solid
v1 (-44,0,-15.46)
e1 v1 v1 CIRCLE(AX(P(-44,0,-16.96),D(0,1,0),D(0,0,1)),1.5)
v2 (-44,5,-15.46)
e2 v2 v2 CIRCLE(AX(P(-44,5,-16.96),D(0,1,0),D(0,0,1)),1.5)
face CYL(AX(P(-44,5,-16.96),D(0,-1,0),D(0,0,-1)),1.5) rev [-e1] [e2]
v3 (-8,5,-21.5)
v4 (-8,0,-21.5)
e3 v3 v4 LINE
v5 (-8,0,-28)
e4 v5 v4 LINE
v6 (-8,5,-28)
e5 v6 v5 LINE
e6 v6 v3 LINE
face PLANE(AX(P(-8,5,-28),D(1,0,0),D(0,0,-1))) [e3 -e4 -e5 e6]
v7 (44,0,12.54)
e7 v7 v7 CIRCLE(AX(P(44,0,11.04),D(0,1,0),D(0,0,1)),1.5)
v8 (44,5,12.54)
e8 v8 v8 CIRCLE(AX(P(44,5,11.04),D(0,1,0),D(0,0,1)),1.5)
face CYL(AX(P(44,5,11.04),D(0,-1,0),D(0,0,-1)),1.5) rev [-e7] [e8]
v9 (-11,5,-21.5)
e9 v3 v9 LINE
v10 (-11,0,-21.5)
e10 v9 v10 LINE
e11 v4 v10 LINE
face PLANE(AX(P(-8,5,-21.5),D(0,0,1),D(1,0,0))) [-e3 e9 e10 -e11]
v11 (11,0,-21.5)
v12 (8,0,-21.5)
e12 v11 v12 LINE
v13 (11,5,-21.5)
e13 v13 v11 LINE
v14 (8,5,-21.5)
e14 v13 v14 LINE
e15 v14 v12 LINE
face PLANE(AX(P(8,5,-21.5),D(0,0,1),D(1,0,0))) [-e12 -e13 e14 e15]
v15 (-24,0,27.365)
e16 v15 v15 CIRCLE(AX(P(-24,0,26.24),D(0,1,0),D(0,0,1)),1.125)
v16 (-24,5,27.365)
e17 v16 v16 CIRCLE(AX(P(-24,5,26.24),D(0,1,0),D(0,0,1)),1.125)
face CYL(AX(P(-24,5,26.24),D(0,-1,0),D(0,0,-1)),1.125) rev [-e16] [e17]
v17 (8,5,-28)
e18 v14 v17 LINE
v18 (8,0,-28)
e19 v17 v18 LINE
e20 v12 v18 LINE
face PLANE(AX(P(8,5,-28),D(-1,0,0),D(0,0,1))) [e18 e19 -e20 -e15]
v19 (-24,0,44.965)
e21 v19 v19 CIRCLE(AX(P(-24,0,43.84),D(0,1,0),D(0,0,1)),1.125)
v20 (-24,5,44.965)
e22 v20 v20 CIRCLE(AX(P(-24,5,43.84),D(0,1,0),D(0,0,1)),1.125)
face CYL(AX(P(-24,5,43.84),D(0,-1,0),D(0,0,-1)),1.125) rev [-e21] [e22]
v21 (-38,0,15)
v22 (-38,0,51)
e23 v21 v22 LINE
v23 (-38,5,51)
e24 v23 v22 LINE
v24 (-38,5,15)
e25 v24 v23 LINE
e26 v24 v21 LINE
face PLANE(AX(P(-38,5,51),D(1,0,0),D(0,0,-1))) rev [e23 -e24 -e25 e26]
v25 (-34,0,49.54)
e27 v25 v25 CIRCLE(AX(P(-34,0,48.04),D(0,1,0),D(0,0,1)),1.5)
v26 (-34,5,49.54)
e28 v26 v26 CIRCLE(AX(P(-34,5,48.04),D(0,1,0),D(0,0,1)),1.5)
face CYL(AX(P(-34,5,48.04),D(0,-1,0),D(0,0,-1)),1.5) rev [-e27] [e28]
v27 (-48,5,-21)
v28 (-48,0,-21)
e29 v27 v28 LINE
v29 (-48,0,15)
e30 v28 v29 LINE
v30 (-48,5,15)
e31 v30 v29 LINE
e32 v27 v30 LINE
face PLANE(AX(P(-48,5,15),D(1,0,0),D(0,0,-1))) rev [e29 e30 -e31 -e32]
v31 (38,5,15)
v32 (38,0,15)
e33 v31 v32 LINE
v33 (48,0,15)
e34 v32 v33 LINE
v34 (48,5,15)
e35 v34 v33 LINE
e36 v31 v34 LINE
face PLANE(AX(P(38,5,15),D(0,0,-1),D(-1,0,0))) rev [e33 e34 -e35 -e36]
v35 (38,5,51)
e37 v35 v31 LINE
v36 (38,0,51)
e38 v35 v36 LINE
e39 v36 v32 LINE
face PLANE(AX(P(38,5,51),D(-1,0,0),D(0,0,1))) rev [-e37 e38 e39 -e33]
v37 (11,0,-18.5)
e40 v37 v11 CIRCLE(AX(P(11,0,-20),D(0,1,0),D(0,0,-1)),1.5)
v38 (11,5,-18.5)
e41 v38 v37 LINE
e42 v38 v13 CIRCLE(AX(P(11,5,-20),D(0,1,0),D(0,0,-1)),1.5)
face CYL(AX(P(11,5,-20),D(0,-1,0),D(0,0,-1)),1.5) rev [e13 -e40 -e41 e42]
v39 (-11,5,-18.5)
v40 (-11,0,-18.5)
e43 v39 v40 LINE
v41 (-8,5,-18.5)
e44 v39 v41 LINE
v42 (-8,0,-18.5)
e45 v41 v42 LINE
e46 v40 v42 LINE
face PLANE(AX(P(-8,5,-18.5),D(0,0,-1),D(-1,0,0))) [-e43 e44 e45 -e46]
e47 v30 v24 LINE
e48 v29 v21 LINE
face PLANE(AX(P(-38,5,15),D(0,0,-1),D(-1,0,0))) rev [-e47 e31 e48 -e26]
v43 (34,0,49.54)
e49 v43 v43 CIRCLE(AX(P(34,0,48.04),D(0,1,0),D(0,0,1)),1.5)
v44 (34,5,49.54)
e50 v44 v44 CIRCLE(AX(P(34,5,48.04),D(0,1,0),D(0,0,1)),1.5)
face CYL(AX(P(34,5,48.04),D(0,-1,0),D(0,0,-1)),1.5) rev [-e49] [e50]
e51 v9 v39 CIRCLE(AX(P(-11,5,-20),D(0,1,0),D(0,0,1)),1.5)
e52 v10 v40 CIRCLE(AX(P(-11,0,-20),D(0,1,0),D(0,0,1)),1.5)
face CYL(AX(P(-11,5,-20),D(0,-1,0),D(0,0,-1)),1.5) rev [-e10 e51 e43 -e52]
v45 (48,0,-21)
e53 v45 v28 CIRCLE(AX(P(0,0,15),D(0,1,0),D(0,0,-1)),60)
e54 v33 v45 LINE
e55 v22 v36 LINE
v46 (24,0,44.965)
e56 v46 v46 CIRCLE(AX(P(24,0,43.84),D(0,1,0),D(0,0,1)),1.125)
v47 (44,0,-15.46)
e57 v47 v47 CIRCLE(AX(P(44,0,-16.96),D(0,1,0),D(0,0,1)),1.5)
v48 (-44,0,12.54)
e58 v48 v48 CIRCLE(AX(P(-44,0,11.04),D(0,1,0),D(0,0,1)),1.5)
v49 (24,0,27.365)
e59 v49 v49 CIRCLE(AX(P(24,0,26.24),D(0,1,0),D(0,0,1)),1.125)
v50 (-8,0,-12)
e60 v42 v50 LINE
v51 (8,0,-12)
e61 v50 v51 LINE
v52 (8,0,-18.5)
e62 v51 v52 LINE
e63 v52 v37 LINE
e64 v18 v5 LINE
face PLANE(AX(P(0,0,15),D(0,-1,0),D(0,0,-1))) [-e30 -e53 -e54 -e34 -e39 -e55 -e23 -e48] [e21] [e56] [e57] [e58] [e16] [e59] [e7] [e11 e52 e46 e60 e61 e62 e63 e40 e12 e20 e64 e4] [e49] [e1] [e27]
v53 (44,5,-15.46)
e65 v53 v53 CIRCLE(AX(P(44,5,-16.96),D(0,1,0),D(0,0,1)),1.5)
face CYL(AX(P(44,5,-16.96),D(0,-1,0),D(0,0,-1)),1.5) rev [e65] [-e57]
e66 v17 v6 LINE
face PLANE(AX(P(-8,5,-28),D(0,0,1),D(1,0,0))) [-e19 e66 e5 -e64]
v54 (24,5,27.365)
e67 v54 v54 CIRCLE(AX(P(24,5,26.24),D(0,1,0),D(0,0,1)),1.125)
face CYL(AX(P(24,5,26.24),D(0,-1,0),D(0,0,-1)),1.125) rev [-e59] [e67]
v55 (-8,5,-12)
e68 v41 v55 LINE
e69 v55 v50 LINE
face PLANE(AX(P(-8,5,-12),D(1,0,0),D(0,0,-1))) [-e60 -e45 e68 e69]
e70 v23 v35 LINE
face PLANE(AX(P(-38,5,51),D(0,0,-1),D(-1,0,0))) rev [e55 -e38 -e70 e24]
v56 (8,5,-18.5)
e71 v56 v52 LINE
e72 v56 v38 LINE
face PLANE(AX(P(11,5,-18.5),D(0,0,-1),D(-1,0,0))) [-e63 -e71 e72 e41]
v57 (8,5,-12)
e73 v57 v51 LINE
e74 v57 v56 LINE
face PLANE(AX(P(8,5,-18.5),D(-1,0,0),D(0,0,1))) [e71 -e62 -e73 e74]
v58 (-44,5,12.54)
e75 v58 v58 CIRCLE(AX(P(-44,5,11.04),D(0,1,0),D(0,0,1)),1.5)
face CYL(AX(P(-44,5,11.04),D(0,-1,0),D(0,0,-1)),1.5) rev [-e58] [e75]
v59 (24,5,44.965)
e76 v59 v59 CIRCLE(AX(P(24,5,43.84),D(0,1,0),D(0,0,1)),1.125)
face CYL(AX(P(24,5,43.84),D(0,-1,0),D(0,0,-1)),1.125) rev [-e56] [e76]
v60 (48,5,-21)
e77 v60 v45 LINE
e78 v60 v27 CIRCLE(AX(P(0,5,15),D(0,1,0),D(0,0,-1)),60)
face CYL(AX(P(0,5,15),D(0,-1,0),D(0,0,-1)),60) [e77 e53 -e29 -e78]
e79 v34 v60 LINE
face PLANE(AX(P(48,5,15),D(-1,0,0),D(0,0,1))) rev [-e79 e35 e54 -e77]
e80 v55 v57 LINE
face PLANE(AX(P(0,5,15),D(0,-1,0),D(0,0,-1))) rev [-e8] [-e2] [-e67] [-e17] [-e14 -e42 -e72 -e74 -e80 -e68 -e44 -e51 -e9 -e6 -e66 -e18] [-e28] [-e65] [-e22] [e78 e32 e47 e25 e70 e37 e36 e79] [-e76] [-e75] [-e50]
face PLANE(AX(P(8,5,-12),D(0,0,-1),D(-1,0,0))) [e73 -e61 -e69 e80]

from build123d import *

# Parameters (mm, degrees)
SKETCH1_R           = 1.5
SKETCH1_R_2         = 1.125
BOSS_EXTRUDE1_DEPTH = 5


with BuildPart() as part:
    # Sketch1 → Boss-Extrude1 (new body)
    with BuildSketch(Plane(origin=(0, 0, 0), x_dir=(1, 0, 0), z_dir=(0, 1, 0))):
        with BuildLine():
            Line((-38, -51), (38, -51))
            Line((38, -51), (38, -15))
            Line((38, -15), (48, -15))
            Line((48, -15), (48, 21))
            ThreePointArc((48, 21), (0, 45), (-48, 21))
            Line((-48, 21), (-48, -15))
            Line((-48, -15), (-38, -15))
            Line((-38, -15), (-38, -51))
        make_face()
        with Locations(Location((34, -48.04, 0), (0, 0, 270))):
            Circle(SKETCH1_R, mode=Mode.SUBTRACT)
        with Locations(Location((-34, -48.04, 0), (0, 0, 270))):
            Circle(SKETCH1_R, mode=Mode.SUBTRACT)
        with Locations(Location((-44, -11.04, 0), (0, 0, 270))):
            Circle(SKETCH1_R, mode=Mode.SUBTRACT)
        with Locations(Location((-44, 16.96, 0), (0, 0, 270))):
            Circle(SKETCH1_R, mode=Mode.SUBTRACT)
        with Locations(Location((44, 16.96, 0), (0, 0, 270))):
            Circle(SKETCH1_R, mode=Mode.SUBTRACT)
        with Locations(Location((44, -11.04, 0), (0, 0, 270))):
            Circle(SKETCH1_R, mode=Mode.SUBTRACT)
        with Locations(Location((-24, -26.24, 0), (0, 0, 270))):
            Circle(SKETCH1_R_2, mode=Mode.SUBTRACT)
        with Locations(Location((-24, -43.84, 0), (0, 0, 270))):
            Circle(SKETCH1_R_2, mode=Mode.SUBTRACT)
        with Locations(Location((24, -26.24, 0), (0, 0, 270))):
            Circle(SKETCH1_R_2, mode=Mode.SUBTRACT)
        with Locations(Location((24, -43.84, 0), (0, 0, 270))):
            Circle(SKETCH1_R_2, mode=Mode.SUBTRACT)
        with BuildLine():
            Line((-8, 28), (8, 28))
            Line((8, 28), (8, 21.5))
            Line((8, 21.5), (11, 21.5))
            ThreePointArc((11, 21.5), (12.5, 20), (11, 18.5))
            Line((11, 18.5), (8, 18.5))
            Line((8, 18.5), (8, 12))
            Line((8, 12), (-8, 12))
            Line((-8, 12), (-8, 18.5))
            Line((-8, 18.5), (-11, 18.5))
            ThreePointArc((-11, 18.5), (-12.5, 20), (-11, 21.5))
            Line((-11, 21.5), (-8, 21.5))
            Line((-8, 21.5), (-8, 28))
        make_face(mode=Mode.SUBTRACT)
    extrude(amount=BOSS_EXTRUDE1_DEPTH)


solid = part.part
